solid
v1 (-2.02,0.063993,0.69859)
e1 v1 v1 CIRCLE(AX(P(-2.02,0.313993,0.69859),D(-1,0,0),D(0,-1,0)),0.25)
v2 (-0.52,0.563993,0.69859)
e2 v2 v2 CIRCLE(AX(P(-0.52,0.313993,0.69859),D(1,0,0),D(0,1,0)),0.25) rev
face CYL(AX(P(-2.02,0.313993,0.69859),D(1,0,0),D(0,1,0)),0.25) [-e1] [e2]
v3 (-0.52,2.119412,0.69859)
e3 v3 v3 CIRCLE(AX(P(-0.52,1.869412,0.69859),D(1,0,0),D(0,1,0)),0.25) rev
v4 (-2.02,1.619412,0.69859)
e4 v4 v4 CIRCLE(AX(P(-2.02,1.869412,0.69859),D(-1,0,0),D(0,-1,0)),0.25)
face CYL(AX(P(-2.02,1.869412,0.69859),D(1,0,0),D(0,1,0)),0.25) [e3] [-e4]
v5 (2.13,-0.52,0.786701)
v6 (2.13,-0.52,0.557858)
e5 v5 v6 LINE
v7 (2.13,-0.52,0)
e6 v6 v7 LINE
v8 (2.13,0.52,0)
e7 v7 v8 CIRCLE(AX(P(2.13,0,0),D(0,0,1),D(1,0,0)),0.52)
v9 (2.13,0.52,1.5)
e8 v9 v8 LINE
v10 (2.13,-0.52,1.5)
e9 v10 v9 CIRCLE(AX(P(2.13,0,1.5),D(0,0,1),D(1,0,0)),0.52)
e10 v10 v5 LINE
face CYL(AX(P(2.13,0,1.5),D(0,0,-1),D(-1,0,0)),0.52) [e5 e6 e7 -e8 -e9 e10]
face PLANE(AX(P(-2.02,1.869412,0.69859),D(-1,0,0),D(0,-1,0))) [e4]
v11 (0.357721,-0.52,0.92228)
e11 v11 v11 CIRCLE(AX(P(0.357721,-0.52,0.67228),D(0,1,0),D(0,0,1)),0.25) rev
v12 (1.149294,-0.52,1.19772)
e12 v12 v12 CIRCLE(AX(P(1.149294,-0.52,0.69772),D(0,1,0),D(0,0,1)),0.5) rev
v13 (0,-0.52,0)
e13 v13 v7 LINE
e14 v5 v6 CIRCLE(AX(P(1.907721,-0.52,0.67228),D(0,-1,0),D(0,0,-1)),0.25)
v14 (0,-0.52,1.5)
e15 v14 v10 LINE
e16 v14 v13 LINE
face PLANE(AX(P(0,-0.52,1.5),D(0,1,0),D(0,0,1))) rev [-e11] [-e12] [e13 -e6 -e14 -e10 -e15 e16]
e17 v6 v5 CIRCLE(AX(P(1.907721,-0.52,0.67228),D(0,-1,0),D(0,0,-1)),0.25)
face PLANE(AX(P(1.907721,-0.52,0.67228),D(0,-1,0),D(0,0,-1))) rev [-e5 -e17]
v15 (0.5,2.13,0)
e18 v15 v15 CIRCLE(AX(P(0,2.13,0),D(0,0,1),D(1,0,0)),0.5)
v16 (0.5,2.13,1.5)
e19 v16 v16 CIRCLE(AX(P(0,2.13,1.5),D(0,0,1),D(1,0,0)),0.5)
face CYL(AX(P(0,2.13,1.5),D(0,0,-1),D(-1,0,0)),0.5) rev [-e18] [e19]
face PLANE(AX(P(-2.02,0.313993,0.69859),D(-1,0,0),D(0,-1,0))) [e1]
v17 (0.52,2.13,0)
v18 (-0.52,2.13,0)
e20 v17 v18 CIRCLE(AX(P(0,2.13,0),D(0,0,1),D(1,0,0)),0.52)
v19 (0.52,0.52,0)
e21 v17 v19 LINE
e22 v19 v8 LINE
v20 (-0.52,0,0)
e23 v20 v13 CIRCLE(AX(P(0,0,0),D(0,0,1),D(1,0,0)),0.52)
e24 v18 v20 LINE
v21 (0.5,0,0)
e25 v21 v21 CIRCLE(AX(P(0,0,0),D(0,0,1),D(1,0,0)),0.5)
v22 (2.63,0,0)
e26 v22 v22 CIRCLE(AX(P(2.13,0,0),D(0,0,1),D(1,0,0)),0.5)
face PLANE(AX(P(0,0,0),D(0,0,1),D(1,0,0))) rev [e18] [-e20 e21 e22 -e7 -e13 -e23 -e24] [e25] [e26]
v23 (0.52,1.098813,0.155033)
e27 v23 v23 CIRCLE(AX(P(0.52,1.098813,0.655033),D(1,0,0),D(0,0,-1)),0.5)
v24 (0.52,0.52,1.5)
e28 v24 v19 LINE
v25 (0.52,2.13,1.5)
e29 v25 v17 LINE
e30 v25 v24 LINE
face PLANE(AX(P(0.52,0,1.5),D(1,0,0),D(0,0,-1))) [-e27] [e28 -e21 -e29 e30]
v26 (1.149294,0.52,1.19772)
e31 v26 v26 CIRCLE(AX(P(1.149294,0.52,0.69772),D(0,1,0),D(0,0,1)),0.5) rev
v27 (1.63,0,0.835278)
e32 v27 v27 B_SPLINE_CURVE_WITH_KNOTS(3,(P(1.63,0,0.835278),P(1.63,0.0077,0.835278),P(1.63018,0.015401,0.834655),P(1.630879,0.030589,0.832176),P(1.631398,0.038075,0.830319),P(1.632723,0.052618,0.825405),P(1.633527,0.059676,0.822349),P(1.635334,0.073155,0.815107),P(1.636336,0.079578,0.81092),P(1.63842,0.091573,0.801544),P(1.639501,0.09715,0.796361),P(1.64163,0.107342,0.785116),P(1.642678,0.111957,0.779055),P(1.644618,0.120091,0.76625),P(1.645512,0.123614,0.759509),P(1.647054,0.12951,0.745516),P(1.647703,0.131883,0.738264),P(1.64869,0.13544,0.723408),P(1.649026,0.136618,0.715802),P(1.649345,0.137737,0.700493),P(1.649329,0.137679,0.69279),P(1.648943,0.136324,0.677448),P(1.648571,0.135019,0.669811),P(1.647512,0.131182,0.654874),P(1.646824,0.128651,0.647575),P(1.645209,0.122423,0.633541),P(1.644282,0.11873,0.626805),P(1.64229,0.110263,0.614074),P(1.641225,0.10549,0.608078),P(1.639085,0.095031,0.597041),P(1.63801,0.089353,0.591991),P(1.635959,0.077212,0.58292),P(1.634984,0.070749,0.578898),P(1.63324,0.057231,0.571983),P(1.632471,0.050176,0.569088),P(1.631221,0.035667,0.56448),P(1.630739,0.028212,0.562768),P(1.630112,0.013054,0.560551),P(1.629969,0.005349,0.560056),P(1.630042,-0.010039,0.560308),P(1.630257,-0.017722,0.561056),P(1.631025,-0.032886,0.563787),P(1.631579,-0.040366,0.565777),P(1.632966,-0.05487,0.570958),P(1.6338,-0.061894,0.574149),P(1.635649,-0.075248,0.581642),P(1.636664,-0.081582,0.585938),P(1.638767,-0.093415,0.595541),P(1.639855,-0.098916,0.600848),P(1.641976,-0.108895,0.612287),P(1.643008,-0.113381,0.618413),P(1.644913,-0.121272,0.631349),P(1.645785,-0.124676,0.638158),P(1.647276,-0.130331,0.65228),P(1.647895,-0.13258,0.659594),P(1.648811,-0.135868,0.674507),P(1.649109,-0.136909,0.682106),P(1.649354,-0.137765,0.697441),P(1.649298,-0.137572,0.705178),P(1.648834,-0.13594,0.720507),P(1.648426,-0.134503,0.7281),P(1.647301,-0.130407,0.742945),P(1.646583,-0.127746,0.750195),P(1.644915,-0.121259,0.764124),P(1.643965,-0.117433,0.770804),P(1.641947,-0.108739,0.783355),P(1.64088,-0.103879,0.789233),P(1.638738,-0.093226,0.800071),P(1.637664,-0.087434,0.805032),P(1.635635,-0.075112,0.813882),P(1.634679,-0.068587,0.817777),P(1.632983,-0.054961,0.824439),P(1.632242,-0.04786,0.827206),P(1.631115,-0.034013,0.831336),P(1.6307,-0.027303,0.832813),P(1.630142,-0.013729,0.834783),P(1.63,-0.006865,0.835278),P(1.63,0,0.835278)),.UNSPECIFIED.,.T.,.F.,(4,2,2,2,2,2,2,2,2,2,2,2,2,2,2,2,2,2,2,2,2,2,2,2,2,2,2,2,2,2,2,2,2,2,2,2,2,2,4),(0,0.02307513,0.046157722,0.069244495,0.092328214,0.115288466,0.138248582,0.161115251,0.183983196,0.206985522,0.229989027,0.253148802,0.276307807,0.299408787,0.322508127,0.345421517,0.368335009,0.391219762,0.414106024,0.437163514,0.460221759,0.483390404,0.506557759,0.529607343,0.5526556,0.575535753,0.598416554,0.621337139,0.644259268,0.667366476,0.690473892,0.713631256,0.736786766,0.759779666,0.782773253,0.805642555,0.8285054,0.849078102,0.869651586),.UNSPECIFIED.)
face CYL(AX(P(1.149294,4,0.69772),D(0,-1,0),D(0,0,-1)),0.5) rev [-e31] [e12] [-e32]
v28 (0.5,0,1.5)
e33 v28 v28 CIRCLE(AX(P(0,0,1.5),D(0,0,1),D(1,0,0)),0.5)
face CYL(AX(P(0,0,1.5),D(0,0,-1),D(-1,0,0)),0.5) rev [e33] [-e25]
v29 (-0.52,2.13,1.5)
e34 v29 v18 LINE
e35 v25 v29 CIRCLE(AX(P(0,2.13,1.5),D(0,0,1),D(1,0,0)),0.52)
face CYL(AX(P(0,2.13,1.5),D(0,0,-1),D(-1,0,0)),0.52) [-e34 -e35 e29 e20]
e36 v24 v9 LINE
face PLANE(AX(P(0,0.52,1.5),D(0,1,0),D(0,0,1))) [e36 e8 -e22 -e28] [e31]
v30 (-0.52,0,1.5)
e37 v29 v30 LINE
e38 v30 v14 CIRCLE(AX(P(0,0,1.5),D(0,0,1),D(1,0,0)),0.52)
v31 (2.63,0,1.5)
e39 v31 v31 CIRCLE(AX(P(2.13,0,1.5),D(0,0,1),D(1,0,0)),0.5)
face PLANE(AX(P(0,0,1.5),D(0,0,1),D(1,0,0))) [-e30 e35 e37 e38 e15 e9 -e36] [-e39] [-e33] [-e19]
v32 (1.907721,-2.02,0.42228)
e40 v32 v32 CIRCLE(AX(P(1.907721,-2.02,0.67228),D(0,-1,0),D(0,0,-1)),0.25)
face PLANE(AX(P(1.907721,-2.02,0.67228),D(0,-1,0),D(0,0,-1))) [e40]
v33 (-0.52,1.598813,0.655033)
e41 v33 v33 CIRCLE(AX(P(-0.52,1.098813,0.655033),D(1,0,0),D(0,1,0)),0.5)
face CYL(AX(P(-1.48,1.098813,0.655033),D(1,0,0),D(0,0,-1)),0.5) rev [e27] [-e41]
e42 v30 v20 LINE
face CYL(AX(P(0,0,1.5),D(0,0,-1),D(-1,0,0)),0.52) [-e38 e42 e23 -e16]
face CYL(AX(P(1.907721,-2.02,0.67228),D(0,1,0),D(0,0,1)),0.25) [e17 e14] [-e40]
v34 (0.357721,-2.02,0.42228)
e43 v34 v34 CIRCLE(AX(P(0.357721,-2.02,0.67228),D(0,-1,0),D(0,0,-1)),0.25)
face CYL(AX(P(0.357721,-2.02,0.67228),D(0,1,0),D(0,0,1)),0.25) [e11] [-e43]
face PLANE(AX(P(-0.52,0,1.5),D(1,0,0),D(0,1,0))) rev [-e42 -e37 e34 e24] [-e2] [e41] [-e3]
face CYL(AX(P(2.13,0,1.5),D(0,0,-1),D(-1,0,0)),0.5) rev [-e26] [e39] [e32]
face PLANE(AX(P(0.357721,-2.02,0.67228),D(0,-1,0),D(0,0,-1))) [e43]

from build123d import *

# Parameters (mm, degrees)
SKETCH1_R                = 0.52
SKETCH1_R_2              = 0.5
BOSS_EXTRUDE1_DEPTH      = 1.5
SKETCH2_R                = 0.5
CUT_EXTRUDE12_DEPTH      = 2
CUT_EXTRUDE14_DEPTH      = 4
CUT_EXTRUDE14_DEPTH_BACK = 2
SKETCH3_R                = 0.5
SKETCH5_R                = 0.25
BOSS_EXTRUDE2_DEPTH      = 1.5
SKETCH6_R                = 0.25
BOSS_EXTRUDE3_DEPTH      = 1.5


with BuildPart() as part:
    # Sketch1 → Boss-Extrude1 (new body)
    # profile 1 of 4: a face of its own
    with BuildSketch(Plane.XY):
        with BuildLine():
            ThreePointArc((0.52, 2.13), (0, 1.61), (-0.52, 2.13))
            Line((-0.52, 2.13), (-0.52, 0))
            ThreePointArc((-0.52, 0), (0, 0.52), (0.52, 0))
            ThreePointArc((0.52, 0), (0.367695526, -0.367695526), (0, -0.52))
            Line((0, -0.52), (2.13, -0.52))
            ThreePointArc((2.13, -0.52), (1.61, 0), (2.13, 0.52))
            Line((2.13, 0.52), (0.52, 0.52))
            Line((0.52, 0.52), (0.52, 2.13))
        make_face()
    # profile 2 of 4: a face of its own
    with BuildSketch(Plane.XY):
        with Locations((0, 2.13)):
            Circle(SKETCH1_R)
        with Locations((0, 2.13)):
            Circle(SKETCH1_R_2, mode=Mode.SUBTRACT)
    # profile 3 of 4: a face of its own
    with BuildSketch(Plane.XY):
        Circle(SKETCH1_R)
        Circle(SKETCH1_R_2, mode=Mode.SUBTRACT)
    # profile 4 of 4: a face of its own
    with BuildSketch(Plane.XY):
        with Locations((2.13, 0)):
            Circle(SKETCH1_R)
        with Locations((2.13, 0)):
            Circle(SKETCH1_R_2, mode=Mode.SUBTRACT)
    extrude(amount=BOSS_EXTRUDE1_DEPTH)

    # Sketch2 → Cut-Extrude12 (cut)
    with BuildSketch(Plane(origin=(0.52, 0, 0), x_dir=(0, 0, -1), z_dir=(1, 0, 0))):
        with Locations((-0.655033029, 1.098813184)):
            Circle(SKETCH2_R)
    extrude(amount=-CUT_EXTRUDE12_DEPTH, mode=Mode.SUBTRACT)

    # Sketch3 → Cut-Extrude14 (cut, two sides: drawn at the far end of the back side and taken through both)
    with BuildSketch(Plane(origin=(0, 0, 0), x_dir=(1, 0, 0), z_dir=(0, 1, 0)).offset(-CUT_EXTRUDE14_DEPTH_BACK)):
        with Locations(Location((1.149294437, -0.697720254, 0), (0, 0, 270))):
            Circle(SKETCH3_R)
    extrude(amount=CUT_EXTRUDE14_DEPTH + CUT_EXTRUDE14_DEPTH_BACK, mode=Mode.SUBTRACT)

    # Sketch5 → Boss-Extrude2 (add)
    with BuildSketch(Plane.ZY.offset(0.52)):
        with Locations(Location((0.698589711, 1.869412016, 0), (0, 0, 90))):
            Circle(SKETCH5_R)
        with Locations(Location((0.698589711, 0.313992931, 0), (0, 0, 90))):
            Circle(SKETCH5_R)
    extrude(amount=BOSS_EXTRUDE2_DEPTH)

    # Sketch6 → Boss-Extrude3 (add)
    with BuildSketch(Plane.XZ.offset(0.52)):
        with Locations(Location((1.90772148, 0.672279594, 0), (0, 0, 27.23786694))):
            Circle(SKETCH6_R)
        with Locations(Location((0.35772148, 0.672279594, 0), (0, 0, 90))):
            Circle(SKETCH6_R)
    extrude(amount=BOSS_EXTRUDE3_DEPTH)


solid = part.part
